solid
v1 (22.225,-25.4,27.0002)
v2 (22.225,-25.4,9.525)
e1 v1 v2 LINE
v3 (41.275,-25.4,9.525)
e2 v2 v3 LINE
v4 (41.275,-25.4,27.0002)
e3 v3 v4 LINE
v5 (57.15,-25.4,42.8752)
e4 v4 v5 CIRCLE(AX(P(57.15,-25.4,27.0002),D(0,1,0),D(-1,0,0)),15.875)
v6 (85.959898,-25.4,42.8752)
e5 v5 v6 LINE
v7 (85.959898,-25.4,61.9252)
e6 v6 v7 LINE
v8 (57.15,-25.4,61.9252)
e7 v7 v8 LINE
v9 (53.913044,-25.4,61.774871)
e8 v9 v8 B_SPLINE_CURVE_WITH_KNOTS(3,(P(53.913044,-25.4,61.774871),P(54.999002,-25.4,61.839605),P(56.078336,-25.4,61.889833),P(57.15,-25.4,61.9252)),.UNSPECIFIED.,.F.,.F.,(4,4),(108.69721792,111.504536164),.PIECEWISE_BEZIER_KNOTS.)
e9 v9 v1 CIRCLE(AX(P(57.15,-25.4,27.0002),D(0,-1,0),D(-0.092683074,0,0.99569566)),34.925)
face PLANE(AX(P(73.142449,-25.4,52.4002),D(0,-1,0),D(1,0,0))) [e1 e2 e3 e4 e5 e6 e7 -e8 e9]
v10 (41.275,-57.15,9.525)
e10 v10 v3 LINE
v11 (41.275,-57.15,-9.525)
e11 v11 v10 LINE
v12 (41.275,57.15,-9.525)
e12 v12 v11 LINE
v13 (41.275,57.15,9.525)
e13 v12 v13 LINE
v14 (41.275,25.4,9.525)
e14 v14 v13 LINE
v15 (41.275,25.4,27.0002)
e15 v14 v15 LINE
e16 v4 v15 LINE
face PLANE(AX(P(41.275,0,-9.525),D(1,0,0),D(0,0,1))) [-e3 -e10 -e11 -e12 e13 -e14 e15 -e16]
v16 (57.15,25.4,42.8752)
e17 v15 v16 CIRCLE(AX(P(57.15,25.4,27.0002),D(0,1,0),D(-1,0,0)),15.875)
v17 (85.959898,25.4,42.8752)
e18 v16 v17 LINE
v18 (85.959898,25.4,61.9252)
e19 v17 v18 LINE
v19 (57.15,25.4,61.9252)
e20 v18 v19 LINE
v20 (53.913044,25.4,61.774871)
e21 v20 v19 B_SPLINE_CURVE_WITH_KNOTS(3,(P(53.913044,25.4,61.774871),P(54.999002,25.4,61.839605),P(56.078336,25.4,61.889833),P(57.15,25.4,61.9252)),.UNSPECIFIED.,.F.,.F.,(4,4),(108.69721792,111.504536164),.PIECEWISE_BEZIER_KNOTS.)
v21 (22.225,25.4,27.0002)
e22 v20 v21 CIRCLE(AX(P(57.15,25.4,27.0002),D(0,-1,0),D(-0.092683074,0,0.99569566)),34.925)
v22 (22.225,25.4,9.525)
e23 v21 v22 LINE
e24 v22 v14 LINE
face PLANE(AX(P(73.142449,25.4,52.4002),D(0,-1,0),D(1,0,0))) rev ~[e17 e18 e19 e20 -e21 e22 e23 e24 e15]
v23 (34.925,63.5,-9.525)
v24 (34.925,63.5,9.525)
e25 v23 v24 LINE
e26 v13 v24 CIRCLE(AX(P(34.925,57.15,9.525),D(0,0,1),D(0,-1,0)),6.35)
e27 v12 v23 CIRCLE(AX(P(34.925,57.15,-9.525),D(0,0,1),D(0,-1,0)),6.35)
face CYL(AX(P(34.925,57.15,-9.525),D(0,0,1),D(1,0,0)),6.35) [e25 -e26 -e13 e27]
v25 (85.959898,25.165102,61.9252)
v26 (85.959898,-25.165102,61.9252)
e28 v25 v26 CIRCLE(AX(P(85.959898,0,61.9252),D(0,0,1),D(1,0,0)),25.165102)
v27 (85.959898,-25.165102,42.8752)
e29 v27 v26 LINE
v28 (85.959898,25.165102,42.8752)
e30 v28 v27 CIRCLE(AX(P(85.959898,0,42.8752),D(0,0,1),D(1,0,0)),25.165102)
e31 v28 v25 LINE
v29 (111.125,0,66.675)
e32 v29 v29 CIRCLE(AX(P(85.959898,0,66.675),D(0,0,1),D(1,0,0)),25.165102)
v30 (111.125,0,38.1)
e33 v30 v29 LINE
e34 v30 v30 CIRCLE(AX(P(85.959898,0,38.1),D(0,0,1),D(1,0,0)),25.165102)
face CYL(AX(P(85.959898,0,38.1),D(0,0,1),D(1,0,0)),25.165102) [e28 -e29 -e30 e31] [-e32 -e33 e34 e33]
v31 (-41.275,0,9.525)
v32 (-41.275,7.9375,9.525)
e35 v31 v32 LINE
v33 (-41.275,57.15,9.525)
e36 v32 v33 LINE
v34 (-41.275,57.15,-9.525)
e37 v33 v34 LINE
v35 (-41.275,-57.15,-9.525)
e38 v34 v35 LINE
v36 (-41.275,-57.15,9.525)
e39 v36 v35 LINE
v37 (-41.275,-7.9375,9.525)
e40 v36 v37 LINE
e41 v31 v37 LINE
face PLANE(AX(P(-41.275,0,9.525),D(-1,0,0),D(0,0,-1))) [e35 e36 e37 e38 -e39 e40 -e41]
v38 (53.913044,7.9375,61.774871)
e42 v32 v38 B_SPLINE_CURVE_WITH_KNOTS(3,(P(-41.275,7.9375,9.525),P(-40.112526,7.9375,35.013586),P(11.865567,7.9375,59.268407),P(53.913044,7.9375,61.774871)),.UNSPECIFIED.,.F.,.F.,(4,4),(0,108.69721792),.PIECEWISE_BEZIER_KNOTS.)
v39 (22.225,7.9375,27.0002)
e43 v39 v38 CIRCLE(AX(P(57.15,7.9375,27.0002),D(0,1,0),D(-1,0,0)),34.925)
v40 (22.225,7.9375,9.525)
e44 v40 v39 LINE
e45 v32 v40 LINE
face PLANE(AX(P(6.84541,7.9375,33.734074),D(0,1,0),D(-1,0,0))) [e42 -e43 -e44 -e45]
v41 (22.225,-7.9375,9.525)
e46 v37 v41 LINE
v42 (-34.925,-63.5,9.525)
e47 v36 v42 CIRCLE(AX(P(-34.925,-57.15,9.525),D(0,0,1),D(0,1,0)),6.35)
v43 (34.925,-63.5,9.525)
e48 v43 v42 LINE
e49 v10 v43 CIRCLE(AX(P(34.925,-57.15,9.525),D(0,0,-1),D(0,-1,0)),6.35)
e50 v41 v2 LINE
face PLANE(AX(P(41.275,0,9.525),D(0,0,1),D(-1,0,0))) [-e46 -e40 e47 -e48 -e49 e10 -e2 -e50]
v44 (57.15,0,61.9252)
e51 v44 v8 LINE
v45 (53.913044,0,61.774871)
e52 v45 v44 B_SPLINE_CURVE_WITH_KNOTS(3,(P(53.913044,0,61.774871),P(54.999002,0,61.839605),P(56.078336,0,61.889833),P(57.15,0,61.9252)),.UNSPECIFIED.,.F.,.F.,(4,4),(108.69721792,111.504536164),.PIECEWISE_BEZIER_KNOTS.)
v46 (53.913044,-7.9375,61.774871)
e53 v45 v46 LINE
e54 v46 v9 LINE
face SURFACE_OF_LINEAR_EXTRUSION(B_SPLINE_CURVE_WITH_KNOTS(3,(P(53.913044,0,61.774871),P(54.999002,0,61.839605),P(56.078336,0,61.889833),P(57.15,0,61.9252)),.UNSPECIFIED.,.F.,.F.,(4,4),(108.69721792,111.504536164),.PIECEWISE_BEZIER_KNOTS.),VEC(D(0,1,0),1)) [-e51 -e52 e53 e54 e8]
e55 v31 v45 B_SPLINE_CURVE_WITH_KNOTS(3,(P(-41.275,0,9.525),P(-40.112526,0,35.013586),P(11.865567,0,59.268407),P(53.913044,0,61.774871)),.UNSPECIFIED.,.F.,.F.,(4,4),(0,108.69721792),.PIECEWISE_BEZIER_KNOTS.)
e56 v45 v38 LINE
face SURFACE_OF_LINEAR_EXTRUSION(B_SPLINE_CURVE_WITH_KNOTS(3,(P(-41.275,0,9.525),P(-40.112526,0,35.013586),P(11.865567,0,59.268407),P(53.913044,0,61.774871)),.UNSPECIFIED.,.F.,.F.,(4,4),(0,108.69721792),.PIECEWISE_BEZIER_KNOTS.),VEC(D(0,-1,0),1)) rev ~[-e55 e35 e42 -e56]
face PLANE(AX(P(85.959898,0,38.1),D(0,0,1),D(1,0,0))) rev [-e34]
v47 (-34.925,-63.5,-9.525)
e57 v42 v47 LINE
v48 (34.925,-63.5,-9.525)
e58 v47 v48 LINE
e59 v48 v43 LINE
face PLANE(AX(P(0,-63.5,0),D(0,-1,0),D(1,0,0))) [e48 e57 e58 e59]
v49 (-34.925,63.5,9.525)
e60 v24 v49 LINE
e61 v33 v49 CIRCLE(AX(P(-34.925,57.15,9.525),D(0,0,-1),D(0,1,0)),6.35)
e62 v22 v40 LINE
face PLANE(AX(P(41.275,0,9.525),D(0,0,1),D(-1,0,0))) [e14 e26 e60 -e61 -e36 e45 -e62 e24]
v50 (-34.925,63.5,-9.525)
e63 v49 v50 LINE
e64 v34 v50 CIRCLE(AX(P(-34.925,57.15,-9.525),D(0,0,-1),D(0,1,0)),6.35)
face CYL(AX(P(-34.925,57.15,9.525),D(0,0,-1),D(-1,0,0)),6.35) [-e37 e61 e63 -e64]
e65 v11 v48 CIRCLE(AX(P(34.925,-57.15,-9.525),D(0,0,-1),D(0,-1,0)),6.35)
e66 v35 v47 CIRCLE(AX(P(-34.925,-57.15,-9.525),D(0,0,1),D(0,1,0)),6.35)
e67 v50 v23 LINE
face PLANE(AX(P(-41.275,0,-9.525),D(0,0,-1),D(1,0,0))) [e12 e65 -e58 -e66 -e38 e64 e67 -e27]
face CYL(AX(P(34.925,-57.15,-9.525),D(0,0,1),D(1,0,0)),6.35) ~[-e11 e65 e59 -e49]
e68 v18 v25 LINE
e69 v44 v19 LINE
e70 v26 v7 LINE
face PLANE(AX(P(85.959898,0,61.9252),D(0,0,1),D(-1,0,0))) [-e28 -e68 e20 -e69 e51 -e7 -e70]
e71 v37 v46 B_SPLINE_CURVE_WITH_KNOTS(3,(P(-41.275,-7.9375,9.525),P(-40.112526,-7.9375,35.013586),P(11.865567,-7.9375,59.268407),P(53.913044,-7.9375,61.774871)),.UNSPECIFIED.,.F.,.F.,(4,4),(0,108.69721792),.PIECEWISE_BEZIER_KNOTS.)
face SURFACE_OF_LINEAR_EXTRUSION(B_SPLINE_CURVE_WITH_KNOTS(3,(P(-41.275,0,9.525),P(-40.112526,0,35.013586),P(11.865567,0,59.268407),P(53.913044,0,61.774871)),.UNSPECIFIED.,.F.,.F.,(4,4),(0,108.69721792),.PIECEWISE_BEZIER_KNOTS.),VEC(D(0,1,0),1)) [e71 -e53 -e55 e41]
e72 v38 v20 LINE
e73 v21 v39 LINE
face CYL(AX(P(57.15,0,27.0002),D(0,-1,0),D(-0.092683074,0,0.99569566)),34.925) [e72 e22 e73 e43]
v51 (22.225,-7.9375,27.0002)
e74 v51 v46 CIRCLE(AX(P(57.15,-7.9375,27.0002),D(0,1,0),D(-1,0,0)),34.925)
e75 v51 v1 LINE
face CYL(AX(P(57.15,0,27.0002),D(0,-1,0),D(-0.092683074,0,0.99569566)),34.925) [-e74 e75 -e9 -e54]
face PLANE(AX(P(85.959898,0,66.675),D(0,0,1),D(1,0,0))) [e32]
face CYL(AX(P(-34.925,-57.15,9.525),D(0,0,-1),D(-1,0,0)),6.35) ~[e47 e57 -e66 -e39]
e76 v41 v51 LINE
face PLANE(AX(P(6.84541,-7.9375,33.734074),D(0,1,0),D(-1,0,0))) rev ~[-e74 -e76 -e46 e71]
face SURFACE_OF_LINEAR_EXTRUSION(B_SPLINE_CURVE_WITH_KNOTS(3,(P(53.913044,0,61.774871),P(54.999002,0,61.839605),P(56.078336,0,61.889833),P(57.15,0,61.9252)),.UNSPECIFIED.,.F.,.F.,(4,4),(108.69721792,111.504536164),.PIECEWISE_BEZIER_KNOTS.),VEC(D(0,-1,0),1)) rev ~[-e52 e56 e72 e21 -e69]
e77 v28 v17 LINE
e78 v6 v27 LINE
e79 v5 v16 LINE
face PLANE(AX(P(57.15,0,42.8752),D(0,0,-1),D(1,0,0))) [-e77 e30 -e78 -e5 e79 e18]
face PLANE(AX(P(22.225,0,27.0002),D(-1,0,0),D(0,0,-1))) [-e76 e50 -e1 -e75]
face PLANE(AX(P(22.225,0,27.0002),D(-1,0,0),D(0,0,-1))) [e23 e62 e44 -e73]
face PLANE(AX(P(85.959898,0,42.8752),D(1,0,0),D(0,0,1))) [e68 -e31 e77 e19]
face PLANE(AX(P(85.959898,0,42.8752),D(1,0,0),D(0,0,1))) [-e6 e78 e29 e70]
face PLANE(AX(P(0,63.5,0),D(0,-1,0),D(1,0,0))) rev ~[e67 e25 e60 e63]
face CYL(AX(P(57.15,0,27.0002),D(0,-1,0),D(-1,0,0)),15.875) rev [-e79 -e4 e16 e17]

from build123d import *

# Parameters (mm, degrees)
F1_DEPTH = 63.5
F0_W     = 25.6348975327
F0_H     = 19.05
F2_DEPTH = 25.4
F3_DEPTH = 7.9375
F5_R     = 6.35


with BuildPart() as f1:
    # F0 (on Front) → F1 (new body, symmetric)
    with BuildSketch(Plane.XZ):
        Polygon((-41.275, 9.525), (-41.275, -9.525), (41.275, -9.525), (41.275, 9.525), (22.225, 9.525), align=None)
    extrude(amount=F1_DEPTH, both=True)

    # F0 (on Front) → F2 (join, symmetric)
    with BuildSketch(Plane.XZ):
        with Locations((73.1424487663, 52.4002)):
            Rectangle(F0_W, F0_H)
        with BuildLine():
            Line((22.225, 9.525), (41.275, 9.525))
            Line((41.275, 9.525), (41.275, 27.0002))
            ThreePointArc((41.275, 27.0002), (45.9246798487, 38.2255201513), (57.15, 42.8752))
            Line((57.15, 42.8752), (60.325, 42.8752))
            Line((60.325, 42.8752), (60.325, 61.9252))
            Line((60.325, 61.9252), (57.15, 61.9252))
            add(Edge.make_bspline(
                [(53.9130436504, 61.7748709343), (54.9990019691, 61.8396052695), (56.0783362522, 61.8898327624), (57.15, 61.9252)],
                knots=[108.6972179198, 108.6972179198, 108.6972179198, 108.6972179198, 111.5045361635, 111.5045361635, 111.5045361635, 111.5045361635], degree=3))
            ThreePointArc((53.9130436504, 61.7748709343), (31.3352142609, 50.5236449485), (22.225, 27.0002))
            Line((22.225, 27.0002), (22.225, 9.525))
        make_face()
    extrude(amount=F2_DEPTH, both=True)

    # F0 (on Front) → F3 (join, symmetric)
    with BuildSketch(Plane.XZ):
        with BuildLine():
            add(Edge.make_bspline(
                [(-41.275, 9.525), (-40.1125262679, 35.0135860213), (11.8655670999, 59.2684069252), (53.9130436504, 61.7748709343)],
                knots=[0, 0, 0, 0, 108.6972179198, 108.6972179198, 108.6972179198, 108.6972179198], degree=3))
            Line((-41.275, 9.525), (22.225, 9.525))
            Line((22.225, 9.525), (22.225, 27.0002))
            ThreePointArc((22.225, 27.0002), (31.3352142609, 50.5236449485), (53.9130436504, 61.7748709343))
        make_face()
    extrude(amount=F3_DEPTH, both=True)

    # F0 (on Front) → F4 (revolve)
    with BuildSketch(Plane.XZ):
        Polygon((85.9598975327, 66.675), (85.9598975327, 61.9252), (85.9598975327, 42.8752), (85.9598975327, 38.1), (111.125, 38.1), (111.125, 66.675), align=None)
    revolve(axis=Axis((85.9598975327, 0, 52.3875), (0, 0, 1)))

    # F5
    f5_edges = [f1.edges().sort_by_distance(p)[0] for p in [
        (41.275, -63.5, 0),
        (-41.275, -63.5, 0),
        (-41.275, 63.5, 0),
        (41.275, 63.5, 0),
    ]]
    fillet(f5_edges, radius=F5_R)


solid = f1.part
